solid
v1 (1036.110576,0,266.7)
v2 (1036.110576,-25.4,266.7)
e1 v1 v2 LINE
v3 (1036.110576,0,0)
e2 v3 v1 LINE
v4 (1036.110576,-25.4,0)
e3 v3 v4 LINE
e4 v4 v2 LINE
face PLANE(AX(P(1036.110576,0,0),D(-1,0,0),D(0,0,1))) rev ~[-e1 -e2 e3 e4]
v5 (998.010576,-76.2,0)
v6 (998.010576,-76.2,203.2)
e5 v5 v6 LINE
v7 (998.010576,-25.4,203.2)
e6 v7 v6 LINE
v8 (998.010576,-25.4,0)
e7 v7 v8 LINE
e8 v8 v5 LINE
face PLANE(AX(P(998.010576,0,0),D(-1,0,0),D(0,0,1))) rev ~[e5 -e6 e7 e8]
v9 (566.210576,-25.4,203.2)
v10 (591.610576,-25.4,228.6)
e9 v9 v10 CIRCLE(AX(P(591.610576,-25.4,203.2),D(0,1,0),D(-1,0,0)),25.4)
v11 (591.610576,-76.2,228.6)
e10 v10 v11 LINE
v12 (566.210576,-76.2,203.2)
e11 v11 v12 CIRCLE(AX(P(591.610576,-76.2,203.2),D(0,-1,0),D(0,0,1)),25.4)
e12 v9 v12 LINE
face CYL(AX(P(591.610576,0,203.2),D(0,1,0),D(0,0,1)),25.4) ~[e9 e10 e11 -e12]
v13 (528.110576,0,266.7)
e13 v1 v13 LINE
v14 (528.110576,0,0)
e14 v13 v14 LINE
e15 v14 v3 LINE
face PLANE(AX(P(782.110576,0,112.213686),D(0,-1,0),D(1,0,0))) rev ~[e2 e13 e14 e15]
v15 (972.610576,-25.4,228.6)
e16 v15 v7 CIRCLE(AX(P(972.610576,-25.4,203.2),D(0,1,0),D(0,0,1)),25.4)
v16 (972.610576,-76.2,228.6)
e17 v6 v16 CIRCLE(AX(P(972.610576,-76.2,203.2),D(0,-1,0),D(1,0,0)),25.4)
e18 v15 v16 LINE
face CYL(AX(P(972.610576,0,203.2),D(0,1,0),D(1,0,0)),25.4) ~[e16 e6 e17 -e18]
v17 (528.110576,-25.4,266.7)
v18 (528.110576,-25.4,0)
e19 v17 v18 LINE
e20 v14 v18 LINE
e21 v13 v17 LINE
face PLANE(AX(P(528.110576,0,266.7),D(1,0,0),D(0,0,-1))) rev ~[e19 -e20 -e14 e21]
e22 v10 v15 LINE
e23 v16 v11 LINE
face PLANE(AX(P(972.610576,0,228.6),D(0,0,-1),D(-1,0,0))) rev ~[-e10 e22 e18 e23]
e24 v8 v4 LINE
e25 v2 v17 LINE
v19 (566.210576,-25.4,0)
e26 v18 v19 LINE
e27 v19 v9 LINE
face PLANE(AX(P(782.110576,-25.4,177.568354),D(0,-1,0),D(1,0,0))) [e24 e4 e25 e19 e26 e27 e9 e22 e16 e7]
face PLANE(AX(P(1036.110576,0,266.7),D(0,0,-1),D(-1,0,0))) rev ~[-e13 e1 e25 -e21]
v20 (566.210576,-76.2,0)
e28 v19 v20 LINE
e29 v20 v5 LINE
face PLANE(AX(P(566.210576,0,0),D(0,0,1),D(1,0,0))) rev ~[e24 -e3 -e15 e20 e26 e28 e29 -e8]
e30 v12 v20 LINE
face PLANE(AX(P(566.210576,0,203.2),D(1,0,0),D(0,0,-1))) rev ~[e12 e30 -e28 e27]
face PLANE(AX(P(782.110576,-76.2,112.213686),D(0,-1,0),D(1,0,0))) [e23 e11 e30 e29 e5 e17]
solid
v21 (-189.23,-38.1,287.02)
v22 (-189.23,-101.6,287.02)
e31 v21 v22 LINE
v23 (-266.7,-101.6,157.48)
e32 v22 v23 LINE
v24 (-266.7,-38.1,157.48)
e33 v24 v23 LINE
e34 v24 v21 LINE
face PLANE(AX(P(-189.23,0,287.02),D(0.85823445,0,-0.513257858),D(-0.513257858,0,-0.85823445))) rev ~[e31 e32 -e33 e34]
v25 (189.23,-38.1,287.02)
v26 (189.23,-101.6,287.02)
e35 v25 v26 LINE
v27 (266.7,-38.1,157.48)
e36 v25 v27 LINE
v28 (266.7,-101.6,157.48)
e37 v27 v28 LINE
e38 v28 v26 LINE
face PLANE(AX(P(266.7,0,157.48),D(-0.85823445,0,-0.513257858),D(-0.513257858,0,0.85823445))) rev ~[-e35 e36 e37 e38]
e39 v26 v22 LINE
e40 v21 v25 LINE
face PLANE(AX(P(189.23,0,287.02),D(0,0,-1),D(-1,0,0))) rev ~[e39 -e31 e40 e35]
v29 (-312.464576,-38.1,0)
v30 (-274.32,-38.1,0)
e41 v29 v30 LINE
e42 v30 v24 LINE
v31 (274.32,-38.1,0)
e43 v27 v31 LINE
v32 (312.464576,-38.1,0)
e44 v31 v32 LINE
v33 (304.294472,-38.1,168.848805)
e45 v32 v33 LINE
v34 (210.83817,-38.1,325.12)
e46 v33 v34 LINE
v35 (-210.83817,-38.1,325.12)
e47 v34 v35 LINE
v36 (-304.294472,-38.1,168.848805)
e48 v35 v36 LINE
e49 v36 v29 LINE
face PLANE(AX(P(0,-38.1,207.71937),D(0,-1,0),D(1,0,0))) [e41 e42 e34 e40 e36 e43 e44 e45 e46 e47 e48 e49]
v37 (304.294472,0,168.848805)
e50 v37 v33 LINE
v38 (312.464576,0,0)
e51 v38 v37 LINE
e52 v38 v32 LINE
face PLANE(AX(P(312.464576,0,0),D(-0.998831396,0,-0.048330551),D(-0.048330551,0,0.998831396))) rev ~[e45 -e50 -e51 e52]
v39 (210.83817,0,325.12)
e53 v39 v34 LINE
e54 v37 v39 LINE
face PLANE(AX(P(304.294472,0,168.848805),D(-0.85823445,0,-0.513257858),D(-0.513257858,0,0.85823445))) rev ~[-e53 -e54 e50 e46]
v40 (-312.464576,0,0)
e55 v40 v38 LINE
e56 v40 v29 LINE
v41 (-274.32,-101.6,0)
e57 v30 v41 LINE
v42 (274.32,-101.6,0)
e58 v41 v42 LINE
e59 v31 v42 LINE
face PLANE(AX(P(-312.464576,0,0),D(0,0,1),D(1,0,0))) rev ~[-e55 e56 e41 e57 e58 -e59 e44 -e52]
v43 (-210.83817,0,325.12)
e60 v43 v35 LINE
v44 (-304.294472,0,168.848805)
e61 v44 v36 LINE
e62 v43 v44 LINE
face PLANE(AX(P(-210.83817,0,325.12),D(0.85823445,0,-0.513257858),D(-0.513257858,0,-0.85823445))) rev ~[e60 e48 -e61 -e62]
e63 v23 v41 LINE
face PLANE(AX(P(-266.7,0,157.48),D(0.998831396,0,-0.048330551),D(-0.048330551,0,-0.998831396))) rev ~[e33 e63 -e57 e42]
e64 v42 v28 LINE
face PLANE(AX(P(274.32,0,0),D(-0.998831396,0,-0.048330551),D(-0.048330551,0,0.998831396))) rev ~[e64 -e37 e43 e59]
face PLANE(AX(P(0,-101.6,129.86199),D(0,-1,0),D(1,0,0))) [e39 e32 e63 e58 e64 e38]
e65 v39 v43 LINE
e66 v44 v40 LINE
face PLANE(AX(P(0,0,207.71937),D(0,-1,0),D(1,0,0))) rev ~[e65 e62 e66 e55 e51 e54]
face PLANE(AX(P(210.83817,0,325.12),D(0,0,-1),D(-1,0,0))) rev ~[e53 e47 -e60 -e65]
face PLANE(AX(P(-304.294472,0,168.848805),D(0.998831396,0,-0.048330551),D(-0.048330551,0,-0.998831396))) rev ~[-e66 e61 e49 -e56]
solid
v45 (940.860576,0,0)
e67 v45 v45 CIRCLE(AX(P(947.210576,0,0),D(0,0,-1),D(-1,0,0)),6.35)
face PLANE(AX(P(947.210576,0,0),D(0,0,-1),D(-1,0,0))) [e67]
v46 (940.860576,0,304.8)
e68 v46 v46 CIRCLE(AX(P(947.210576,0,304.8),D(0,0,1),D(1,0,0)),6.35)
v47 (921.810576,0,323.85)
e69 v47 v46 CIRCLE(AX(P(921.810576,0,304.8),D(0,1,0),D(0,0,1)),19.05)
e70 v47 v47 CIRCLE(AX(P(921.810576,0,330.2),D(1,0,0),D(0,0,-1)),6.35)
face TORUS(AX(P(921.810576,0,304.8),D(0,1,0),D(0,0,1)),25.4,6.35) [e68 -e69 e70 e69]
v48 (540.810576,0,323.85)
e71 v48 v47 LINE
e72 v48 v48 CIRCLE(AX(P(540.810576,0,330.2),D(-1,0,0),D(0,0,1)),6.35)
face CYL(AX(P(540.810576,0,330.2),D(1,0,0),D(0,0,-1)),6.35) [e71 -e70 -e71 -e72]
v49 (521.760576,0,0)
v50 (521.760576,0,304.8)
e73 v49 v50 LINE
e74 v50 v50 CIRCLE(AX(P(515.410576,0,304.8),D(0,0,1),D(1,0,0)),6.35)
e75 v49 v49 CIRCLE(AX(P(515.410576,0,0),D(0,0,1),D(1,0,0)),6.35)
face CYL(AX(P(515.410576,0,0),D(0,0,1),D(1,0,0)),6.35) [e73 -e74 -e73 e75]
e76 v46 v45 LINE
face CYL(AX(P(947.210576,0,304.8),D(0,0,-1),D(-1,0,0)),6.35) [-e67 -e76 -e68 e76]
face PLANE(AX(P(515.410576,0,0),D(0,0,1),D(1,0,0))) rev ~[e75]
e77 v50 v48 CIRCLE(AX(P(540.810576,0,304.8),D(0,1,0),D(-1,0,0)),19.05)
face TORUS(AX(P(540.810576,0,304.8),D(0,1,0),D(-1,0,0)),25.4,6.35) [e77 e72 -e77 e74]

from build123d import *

# Parameters (mm, degrees)
F1_DEPTH = 101.6
F2_DEPTH = 38.1
F3_DEPTH = 25.4
F4_DEPTH = 76.2
F6_R     = 6.35


with BuildPart() as f1:
    # F0 (on Front) → F1 (new body)
    with BuildSketch(Plane.XZ):
        Polygon((-266.7, 157.48), (-274.32, 0), (0, 0), (274.32, 0), (266.7, 157.48), (189.23, 287.02), (-189.23, 287.02), align=None)
    extrude(amount=F1_DEPTH)

    # F0 (on Front) → F2 (join)
    with BuildSketch(Plane.XZ):
        Polygon((-312.4645759008, 0), (-274.32, 0), (-266.7, 157.48), (-189.23, 287.02), (189.23, 287.02), (266.7, 157.48), (274.32, 0), (312.4645759008, 0), (304.2944724208, 168.8488052545), (210.8381696808, 325.12), (-210.8381696808, 325.12), (-304.2944724208, 168.8488052545), align=None)
    extrude(amount=F2_DEPTH)


with BuildPart() as f3:
    # F0 (on Front) → F3 (new body)
    with BuildSketch(Plane.XZ):
        with BuildLine():
            Line((528.1105759008, 0), (566.2105759008, 0))
            Line((566.2105759008, 0), (566.2105759008, 203.2))
            ThreePointArc((566.2105759008, 203.2), (573.6500636587, 221.1605122421), (591.6105759008, 228.6))
            Line((591.6105759008, 228.6), (972.6105759008, 228.6))
            ThreePointArc((972.6105759008, 228.6), (990.571088143, 221.1605122421), (998.0105759008, 203.2))
            Line((998.0105759008, 203.2), (998.0105759008, 0))
            Line((998.0105759008, 0), (1036.1105759008, 0))
            Line((1036.1105759008, 0), (1036.1105759008, 266.7))
            Line((1036.1105759008, 266.7), (528.1105759008, 266.7))
            Line((528.1105759008, 266.7), (528.1105759008, 0))
        make_face()
    extrude(amount=F3_DEPTH)

    # F0 (on Front) → F4 (join)
    with BuildSketch(Plane.XZ):
        with BuildLine():
            Line((566.2105759008, 203.2), (566.2105759008, 0))
            Line((566.2105759008, 0), (998.0105759008, 0))
            Line((998.0105759008, 0), (998.0105759008, 203.2))
            ThreePointArc((998.0105759008, 203.2), (990.571088143, 221.1605122421), (972.6105759008, 228.6))
            Line((972.6105759008, 228.6), (591.6105759008, 228.6))
            ThreePointArc((591.6105759008, 228.6), (573.6500636587, 221.1605122421), (566.2105759008, 203.2))
        make_face()
    extrude(amount=F4_DEPTH)


with BuildPart() as f7:
    # F7: sweep along a path in F5
    with BuildLine(Plane(origin=(0, 0, 0), x_dir=(-1, 0, 0), z_dir=(0, 1, 0))) as f7_path:
        Line((-515.4105759008, 0), (-515.4105759008, 101.6))
        Line((-515.4105759008, 101.6), (-515.4105759008, 304.8))
        ThreePointArc((-515.4105759008, 304.8), (-522.8500636587, 322.7605122421), (-540.8105759008, 330.2))
        Line((-540.8105759008, 330.2), (-921.8105759008, 330.2))
        ThreePointArc((-921.8105759008, 330.2), (-939.771088143, 322.7605122421), (-947.2105759008, 304.8))
        Line((-947.2105759008, 304.8), (-947.2105759008, 101.6))
        Line((-947.2105759008, 101.6), (-947.2105759008, 0))
    # F6 (on Top) → F7 (sweep)
    with BuildSketch(Plane.XY):
        with Locations((515.4105759008, 0)):
            Circle(F6_R)
    sweep(path=f7_path.line)


solid = Compound([f1.part, f3.part, f7.part])
